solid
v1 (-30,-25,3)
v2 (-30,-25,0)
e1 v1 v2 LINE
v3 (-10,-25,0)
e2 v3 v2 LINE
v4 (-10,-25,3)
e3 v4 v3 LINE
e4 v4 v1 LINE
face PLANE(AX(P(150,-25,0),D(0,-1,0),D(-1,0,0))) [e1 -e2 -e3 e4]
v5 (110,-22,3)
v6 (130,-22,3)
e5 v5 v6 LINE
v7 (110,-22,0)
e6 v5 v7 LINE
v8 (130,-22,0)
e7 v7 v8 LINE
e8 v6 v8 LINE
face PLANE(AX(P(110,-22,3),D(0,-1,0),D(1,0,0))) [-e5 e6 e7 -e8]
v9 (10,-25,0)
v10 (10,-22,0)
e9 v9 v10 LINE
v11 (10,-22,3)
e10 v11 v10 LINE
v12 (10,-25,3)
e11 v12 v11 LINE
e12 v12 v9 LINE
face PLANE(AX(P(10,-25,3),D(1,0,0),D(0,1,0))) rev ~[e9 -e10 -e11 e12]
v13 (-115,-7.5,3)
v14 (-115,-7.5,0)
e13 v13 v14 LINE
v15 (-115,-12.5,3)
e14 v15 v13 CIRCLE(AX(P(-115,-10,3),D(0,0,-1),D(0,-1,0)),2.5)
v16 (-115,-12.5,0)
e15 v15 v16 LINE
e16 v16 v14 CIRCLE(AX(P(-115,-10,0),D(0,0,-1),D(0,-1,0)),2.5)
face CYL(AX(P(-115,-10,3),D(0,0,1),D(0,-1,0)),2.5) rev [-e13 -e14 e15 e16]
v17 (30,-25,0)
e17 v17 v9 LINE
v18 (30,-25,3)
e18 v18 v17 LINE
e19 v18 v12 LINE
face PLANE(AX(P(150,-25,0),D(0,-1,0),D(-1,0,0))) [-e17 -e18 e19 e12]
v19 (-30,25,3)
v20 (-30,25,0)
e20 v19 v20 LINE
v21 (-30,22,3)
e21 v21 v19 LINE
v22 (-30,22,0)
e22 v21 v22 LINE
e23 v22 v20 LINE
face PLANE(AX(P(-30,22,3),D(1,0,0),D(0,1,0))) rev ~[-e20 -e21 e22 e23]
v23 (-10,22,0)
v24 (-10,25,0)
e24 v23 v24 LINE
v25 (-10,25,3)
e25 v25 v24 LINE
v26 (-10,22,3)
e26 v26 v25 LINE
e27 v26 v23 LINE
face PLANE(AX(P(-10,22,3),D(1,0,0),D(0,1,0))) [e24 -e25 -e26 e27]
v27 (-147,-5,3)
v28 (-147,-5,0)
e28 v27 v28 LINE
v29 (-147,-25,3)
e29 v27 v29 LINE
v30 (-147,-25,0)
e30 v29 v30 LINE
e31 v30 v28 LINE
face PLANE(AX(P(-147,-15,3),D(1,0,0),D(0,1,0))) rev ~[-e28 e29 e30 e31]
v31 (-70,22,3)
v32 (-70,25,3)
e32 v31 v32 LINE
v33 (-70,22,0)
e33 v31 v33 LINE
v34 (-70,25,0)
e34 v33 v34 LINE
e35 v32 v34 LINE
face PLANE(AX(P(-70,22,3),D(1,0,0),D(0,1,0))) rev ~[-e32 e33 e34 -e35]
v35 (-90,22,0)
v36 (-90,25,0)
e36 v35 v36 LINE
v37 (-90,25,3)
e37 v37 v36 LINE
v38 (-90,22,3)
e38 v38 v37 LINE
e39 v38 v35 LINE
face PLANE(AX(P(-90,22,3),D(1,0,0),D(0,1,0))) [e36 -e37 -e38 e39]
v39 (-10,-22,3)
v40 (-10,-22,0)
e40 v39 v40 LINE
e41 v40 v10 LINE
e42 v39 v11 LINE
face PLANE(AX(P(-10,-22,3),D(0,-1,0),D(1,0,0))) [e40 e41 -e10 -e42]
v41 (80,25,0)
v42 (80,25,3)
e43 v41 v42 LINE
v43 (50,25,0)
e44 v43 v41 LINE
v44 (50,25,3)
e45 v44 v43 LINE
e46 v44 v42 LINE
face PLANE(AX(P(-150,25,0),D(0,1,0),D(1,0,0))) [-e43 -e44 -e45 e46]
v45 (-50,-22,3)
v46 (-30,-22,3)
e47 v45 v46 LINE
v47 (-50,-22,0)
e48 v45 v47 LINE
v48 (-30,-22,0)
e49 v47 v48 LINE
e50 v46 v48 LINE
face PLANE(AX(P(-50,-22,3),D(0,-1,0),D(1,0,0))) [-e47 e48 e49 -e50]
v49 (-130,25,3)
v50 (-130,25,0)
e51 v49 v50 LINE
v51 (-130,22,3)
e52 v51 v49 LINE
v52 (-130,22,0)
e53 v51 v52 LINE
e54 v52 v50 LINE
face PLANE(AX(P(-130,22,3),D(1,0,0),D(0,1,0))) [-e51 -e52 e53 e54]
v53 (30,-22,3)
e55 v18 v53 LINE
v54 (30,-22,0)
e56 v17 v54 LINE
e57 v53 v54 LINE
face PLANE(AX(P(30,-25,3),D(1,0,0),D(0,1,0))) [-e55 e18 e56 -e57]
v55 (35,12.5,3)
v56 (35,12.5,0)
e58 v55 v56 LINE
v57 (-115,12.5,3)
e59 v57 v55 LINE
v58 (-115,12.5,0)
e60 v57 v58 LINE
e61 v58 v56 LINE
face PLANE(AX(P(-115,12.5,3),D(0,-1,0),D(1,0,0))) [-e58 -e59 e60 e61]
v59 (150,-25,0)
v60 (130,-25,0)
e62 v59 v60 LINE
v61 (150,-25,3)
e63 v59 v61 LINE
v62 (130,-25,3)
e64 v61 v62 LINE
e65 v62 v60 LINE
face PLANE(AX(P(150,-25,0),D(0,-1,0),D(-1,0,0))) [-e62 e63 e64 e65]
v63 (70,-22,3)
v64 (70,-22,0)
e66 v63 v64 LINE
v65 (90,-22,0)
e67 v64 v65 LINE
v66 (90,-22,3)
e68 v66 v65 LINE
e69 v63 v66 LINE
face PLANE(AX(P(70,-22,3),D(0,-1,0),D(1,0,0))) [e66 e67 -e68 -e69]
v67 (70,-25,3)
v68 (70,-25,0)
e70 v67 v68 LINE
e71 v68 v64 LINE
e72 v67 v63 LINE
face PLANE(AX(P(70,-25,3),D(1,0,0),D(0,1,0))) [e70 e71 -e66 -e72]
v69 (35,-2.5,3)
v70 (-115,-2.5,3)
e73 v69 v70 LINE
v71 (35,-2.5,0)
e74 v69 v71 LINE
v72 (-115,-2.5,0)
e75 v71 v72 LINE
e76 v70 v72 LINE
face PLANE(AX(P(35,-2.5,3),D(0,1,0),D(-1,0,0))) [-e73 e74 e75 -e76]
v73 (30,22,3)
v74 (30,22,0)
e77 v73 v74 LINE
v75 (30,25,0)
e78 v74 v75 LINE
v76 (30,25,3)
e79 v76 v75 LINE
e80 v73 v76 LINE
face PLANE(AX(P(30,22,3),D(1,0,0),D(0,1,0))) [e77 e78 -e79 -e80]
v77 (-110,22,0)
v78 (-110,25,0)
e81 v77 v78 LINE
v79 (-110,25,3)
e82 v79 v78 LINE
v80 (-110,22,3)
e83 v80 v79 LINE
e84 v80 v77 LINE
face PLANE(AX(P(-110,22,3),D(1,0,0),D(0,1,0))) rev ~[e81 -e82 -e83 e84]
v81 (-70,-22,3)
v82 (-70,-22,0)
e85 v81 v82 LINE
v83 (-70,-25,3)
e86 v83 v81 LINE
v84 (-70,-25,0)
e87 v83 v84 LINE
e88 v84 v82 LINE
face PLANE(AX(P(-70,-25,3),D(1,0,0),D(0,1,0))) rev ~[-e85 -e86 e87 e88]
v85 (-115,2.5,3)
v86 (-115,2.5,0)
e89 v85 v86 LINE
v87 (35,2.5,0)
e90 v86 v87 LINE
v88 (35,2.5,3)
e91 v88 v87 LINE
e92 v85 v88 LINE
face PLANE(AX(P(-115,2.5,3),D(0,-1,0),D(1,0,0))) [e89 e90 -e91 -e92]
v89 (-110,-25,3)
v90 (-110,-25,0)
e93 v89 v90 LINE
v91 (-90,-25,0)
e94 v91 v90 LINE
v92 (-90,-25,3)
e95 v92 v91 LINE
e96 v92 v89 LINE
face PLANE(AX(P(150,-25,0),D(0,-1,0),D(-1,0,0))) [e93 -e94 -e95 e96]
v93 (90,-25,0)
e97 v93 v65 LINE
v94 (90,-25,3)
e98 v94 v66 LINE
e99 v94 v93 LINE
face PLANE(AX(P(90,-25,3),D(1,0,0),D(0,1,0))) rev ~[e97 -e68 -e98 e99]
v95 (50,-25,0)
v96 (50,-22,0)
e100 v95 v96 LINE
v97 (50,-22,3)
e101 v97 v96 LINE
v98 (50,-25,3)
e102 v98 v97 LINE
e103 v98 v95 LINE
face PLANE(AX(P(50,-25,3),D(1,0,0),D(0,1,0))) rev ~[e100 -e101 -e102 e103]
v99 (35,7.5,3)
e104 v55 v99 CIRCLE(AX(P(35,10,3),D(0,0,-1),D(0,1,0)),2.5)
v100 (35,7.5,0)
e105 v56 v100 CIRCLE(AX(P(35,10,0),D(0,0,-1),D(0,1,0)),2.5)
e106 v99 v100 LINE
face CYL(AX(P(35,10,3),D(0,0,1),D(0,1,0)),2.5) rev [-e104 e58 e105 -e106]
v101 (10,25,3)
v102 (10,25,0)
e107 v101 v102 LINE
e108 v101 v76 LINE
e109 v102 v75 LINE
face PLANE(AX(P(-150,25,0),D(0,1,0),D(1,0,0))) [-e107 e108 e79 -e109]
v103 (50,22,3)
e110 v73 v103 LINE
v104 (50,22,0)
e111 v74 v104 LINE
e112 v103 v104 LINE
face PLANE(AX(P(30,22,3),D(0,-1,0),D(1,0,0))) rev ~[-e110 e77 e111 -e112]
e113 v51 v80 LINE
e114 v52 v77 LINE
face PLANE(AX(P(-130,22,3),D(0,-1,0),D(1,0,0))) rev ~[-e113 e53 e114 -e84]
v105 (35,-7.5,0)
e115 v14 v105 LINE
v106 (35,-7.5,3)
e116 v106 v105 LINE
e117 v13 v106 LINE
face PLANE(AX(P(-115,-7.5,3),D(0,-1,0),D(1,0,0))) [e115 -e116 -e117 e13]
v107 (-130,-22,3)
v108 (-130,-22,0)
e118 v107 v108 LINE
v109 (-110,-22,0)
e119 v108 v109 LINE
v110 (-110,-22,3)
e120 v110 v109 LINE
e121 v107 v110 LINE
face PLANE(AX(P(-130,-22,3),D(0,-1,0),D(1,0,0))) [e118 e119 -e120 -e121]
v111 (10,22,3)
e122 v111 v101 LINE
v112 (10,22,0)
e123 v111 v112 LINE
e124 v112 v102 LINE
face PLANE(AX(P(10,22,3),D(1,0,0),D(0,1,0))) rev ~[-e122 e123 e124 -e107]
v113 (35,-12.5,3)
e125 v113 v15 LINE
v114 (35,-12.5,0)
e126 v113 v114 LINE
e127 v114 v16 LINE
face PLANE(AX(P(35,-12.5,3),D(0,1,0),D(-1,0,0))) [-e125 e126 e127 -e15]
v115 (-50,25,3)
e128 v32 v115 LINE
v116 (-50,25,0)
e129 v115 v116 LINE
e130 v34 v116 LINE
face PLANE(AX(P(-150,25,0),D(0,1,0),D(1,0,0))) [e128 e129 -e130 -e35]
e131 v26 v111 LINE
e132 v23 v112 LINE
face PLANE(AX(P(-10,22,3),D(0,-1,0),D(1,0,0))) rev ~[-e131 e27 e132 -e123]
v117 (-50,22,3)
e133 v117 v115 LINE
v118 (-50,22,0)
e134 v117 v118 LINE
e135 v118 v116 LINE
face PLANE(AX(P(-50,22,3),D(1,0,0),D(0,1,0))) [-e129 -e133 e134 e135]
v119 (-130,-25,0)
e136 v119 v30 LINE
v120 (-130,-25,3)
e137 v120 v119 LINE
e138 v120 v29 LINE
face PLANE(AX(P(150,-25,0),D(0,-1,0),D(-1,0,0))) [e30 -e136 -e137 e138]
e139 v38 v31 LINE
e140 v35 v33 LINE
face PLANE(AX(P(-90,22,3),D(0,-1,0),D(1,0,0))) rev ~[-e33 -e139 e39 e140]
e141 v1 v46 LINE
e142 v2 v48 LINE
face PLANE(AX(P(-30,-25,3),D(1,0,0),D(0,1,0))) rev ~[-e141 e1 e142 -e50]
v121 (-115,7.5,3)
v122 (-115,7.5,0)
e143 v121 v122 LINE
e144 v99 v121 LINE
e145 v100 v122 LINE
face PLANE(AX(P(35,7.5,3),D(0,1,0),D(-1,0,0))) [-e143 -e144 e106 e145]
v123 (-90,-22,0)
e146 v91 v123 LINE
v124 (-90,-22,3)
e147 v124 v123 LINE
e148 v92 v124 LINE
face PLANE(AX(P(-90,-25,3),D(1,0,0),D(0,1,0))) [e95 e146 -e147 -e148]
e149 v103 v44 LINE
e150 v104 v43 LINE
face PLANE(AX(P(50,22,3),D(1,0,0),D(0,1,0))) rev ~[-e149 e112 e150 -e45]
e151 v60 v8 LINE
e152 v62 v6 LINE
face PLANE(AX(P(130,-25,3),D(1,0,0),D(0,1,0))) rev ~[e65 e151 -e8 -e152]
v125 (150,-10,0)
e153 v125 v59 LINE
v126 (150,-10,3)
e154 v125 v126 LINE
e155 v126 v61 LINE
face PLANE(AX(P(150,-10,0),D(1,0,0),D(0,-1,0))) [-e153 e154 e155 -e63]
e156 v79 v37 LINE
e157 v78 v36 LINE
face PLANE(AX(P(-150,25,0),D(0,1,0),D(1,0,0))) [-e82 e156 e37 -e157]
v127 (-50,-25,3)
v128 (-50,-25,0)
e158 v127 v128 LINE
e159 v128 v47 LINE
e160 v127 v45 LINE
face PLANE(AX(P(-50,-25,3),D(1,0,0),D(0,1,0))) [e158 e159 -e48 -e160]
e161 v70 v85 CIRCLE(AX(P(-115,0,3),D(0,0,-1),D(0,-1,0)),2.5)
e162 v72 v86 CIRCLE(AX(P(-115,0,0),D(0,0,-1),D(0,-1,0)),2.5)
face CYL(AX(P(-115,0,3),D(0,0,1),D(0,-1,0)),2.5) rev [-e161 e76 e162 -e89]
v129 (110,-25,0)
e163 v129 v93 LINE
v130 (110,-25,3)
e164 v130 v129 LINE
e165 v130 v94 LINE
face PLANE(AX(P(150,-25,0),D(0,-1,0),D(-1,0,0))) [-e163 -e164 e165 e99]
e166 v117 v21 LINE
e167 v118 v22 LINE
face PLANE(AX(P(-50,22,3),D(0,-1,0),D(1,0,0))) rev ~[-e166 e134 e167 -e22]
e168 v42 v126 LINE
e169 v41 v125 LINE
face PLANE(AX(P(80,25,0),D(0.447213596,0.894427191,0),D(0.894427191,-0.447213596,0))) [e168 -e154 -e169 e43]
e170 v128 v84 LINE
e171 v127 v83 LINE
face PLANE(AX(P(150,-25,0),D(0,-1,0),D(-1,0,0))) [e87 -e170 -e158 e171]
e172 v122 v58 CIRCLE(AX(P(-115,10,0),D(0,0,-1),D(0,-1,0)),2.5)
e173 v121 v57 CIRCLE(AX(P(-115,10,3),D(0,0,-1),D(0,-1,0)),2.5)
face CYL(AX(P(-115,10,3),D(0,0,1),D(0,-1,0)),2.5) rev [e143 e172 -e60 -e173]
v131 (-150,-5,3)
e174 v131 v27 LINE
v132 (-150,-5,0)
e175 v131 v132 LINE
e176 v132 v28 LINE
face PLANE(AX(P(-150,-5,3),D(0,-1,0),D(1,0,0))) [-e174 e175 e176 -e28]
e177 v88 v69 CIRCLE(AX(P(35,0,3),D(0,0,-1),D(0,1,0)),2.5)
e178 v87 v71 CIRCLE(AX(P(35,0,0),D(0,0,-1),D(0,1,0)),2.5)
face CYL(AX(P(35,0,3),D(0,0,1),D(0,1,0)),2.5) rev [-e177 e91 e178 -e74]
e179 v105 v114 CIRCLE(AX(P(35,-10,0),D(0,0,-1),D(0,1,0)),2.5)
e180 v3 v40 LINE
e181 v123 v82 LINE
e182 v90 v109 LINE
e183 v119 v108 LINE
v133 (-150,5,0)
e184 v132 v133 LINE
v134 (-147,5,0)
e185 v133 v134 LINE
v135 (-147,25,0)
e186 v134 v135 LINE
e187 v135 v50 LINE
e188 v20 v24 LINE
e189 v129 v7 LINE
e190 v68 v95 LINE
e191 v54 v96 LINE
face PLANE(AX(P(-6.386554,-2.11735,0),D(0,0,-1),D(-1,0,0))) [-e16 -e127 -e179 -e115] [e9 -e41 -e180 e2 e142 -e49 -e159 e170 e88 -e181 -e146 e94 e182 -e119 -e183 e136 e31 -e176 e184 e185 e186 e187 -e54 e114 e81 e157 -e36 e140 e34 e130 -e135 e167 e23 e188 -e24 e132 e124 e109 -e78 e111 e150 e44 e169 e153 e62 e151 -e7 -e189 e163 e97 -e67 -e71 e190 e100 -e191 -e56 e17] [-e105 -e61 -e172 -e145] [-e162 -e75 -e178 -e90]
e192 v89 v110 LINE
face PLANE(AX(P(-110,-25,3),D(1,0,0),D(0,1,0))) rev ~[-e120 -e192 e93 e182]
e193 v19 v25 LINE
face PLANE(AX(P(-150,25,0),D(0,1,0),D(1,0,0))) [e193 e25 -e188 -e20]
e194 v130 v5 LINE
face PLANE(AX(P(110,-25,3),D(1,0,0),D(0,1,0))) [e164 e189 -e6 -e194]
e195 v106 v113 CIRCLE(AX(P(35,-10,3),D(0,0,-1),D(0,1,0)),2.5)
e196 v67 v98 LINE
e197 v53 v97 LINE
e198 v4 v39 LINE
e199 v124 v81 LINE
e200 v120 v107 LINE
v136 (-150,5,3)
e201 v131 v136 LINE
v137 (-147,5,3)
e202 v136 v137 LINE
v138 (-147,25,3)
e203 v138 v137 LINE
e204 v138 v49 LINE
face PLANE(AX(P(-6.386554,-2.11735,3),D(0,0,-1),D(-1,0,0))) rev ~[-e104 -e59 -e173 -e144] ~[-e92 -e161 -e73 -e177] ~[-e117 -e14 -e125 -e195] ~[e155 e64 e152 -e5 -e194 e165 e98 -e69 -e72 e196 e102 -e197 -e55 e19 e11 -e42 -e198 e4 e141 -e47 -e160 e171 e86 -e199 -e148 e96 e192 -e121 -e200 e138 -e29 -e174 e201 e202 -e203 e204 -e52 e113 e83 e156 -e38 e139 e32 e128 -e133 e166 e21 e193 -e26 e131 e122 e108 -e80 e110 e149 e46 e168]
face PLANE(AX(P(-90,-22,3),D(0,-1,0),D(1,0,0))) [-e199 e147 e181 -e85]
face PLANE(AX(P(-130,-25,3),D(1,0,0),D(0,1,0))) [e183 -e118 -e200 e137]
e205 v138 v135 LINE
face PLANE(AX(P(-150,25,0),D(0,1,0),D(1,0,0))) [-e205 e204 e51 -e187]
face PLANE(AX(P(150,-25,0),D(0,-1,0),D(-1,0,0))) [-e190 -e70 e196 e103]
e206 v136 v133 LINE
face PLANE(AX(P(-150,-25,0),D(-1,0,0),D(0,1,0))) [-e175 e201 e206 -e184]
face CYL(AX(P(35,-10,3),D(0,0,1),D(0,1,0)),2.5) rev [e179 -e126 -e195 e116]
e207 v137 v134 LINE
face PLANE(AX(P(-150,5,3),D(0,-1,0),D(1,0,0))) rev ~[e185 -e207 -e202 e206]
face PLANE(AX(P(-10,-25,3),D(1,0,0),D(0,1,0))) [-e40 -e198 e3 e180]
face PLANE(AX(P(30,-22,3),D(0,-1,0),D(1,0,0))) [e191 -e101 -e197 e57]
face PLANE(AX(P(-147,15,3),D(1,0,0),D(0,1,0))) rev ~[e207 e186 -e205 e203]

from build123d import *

# Parameters (mm, degrees)
BOSS_EXTRUDE1_DEPTH = 3
SKETCH2_W           = 20
SKETCH2_H           = 3
SKETCH2_W_2         = 3
SKETCH2_H_2         = 10
CUT_EXTRUDE1_DEPTH  = 3
SKETCH3_W           = 3
SKETCH3_H           = 10
CUT_EXTRUDE2_DEPTH  = 3
CUT_EXTRUDE3_DEPTH  = 3


with BuildPart() as part:
    # Sketch1 → Boss-Extrude1 (new body)
    with BuildSketch(Plane.XY):
        Polygon((80, 25), (150, -10), (150, -25), (-150, -25), (-150, 25), align=None)
    extrude(amount=BOSS_EXTRUDE1_DEPTH)

    # Sketch2 → Cut-Extrude1 (cut)
    with BuildSketch(Plane.XY.offset(3)):
        with Locations((-120, 23.5)):
            Rectangle(SKETCH2_W, SKETCH2_H)
        with Locations((-80, 23.5)):
            Rectangle(SKETCH2_W, SKETCH2_H)
        with Locations((-40, 23.5)):
            Rectangle(SKETCH2_W, SKETCH2_H)
        with Locations((-148.5, 10)):
            Rectangle(SKETCH2_W_2, SKETCH2_H_2)
        with Locations((-120, -23.5)):
            Rectangle(SKETCH2_W, SKETCH2_H)
        with Locations((0, 23.5)):
            Rectangle(SKETCH2_W, SKETCH2_H)
        with Locations((40, 23.5)):
            Rectangle(SKETCH2_W, SKETCH2_H)
        with Locations((-80, -23.5)):
            Rectangle(SKETCH2_W, SKETCH2_H)
        with Locations((-40, -23.5)):
            Rectangle(SKETCH2_W, SKETCH2_H)
        with Locations((0, -23.5)):
            Rectangle(SKETCH2_W, SKETCH2_H)
        with Locations((40, -23.5)):
            Rectangle(SKETCH2_W, SKETCH2_H)
        with Locations((80, -23.5)):
            Rectangle(SKETCH2_W, SKETCH2_H)
        with Locations((120, -23.5)):
            Rectangle(SKETCH2_W, SKETCH2_H)
        with Locations((-148.5, -10)):
            Rectangle(SKETCH2_W_2, SKETCH2_H_2)
    extrude(amount=-CUT_EXTRUDE1_DEPTH, mode=Mode.SUBTRACT)

    # Sketch3 → Cut-Extrude2 (cut)
    with BuildSketch(Plane.XY.offset(3)):
        with Locations((-148.5, 20)):
            Rectangle(SKETCH3_W, SKETCH3_H)
        with Locations((-148.5, -20)):
            Rectangle(SKETCH3_W, SKETCH3_H)
    extrude(amount=-CUT_EXTRUDE2_DEPTH, mode=Mode.SUBTRACT)

    # Sketch4 → Cut-Extrude3 (cut)
    with BuildSketch(Plane.XY.offset(3)):
        with BuildLine():
            Line((35, 7.5), (-115, 7.5))
            ThreePointArc((-115, 7.5), (-117.5, 10), (-115, 12.5))
            Line((-115, 12.5), (35, 12.5))
            ThreePointArc((35, 12.5), (37.5, 10), (35, 7.5))
        make_face()
        with BuildLine():
            Line((35, -2.5), (-115, -2.5))
            ThreePointArc((-115, -2.5), (-117.5, 0), (-115, 2.5))
            Line((-115, 2.5), (35, 2.5))
            ThreePointArc((35, 2.5), (37.5, 0), (35, -2.5))
        make_face()
        with BuildLine():
            Line((35, -12.5), (-115, -12.5))
            ThreePointArc((-115, -12.5), (-117.5, -10), (-115, -7.5))
            Line((-115, -7.5), (35, -7.5))
            ThreePointArc((35, -7.5), (37.5, -10), (35, -12.5))
        make_face()
    extrude(amount=-CUT_EXTRUDE3_DEPTH, mode=Mode.SUBTRACT)


solid = part.part
